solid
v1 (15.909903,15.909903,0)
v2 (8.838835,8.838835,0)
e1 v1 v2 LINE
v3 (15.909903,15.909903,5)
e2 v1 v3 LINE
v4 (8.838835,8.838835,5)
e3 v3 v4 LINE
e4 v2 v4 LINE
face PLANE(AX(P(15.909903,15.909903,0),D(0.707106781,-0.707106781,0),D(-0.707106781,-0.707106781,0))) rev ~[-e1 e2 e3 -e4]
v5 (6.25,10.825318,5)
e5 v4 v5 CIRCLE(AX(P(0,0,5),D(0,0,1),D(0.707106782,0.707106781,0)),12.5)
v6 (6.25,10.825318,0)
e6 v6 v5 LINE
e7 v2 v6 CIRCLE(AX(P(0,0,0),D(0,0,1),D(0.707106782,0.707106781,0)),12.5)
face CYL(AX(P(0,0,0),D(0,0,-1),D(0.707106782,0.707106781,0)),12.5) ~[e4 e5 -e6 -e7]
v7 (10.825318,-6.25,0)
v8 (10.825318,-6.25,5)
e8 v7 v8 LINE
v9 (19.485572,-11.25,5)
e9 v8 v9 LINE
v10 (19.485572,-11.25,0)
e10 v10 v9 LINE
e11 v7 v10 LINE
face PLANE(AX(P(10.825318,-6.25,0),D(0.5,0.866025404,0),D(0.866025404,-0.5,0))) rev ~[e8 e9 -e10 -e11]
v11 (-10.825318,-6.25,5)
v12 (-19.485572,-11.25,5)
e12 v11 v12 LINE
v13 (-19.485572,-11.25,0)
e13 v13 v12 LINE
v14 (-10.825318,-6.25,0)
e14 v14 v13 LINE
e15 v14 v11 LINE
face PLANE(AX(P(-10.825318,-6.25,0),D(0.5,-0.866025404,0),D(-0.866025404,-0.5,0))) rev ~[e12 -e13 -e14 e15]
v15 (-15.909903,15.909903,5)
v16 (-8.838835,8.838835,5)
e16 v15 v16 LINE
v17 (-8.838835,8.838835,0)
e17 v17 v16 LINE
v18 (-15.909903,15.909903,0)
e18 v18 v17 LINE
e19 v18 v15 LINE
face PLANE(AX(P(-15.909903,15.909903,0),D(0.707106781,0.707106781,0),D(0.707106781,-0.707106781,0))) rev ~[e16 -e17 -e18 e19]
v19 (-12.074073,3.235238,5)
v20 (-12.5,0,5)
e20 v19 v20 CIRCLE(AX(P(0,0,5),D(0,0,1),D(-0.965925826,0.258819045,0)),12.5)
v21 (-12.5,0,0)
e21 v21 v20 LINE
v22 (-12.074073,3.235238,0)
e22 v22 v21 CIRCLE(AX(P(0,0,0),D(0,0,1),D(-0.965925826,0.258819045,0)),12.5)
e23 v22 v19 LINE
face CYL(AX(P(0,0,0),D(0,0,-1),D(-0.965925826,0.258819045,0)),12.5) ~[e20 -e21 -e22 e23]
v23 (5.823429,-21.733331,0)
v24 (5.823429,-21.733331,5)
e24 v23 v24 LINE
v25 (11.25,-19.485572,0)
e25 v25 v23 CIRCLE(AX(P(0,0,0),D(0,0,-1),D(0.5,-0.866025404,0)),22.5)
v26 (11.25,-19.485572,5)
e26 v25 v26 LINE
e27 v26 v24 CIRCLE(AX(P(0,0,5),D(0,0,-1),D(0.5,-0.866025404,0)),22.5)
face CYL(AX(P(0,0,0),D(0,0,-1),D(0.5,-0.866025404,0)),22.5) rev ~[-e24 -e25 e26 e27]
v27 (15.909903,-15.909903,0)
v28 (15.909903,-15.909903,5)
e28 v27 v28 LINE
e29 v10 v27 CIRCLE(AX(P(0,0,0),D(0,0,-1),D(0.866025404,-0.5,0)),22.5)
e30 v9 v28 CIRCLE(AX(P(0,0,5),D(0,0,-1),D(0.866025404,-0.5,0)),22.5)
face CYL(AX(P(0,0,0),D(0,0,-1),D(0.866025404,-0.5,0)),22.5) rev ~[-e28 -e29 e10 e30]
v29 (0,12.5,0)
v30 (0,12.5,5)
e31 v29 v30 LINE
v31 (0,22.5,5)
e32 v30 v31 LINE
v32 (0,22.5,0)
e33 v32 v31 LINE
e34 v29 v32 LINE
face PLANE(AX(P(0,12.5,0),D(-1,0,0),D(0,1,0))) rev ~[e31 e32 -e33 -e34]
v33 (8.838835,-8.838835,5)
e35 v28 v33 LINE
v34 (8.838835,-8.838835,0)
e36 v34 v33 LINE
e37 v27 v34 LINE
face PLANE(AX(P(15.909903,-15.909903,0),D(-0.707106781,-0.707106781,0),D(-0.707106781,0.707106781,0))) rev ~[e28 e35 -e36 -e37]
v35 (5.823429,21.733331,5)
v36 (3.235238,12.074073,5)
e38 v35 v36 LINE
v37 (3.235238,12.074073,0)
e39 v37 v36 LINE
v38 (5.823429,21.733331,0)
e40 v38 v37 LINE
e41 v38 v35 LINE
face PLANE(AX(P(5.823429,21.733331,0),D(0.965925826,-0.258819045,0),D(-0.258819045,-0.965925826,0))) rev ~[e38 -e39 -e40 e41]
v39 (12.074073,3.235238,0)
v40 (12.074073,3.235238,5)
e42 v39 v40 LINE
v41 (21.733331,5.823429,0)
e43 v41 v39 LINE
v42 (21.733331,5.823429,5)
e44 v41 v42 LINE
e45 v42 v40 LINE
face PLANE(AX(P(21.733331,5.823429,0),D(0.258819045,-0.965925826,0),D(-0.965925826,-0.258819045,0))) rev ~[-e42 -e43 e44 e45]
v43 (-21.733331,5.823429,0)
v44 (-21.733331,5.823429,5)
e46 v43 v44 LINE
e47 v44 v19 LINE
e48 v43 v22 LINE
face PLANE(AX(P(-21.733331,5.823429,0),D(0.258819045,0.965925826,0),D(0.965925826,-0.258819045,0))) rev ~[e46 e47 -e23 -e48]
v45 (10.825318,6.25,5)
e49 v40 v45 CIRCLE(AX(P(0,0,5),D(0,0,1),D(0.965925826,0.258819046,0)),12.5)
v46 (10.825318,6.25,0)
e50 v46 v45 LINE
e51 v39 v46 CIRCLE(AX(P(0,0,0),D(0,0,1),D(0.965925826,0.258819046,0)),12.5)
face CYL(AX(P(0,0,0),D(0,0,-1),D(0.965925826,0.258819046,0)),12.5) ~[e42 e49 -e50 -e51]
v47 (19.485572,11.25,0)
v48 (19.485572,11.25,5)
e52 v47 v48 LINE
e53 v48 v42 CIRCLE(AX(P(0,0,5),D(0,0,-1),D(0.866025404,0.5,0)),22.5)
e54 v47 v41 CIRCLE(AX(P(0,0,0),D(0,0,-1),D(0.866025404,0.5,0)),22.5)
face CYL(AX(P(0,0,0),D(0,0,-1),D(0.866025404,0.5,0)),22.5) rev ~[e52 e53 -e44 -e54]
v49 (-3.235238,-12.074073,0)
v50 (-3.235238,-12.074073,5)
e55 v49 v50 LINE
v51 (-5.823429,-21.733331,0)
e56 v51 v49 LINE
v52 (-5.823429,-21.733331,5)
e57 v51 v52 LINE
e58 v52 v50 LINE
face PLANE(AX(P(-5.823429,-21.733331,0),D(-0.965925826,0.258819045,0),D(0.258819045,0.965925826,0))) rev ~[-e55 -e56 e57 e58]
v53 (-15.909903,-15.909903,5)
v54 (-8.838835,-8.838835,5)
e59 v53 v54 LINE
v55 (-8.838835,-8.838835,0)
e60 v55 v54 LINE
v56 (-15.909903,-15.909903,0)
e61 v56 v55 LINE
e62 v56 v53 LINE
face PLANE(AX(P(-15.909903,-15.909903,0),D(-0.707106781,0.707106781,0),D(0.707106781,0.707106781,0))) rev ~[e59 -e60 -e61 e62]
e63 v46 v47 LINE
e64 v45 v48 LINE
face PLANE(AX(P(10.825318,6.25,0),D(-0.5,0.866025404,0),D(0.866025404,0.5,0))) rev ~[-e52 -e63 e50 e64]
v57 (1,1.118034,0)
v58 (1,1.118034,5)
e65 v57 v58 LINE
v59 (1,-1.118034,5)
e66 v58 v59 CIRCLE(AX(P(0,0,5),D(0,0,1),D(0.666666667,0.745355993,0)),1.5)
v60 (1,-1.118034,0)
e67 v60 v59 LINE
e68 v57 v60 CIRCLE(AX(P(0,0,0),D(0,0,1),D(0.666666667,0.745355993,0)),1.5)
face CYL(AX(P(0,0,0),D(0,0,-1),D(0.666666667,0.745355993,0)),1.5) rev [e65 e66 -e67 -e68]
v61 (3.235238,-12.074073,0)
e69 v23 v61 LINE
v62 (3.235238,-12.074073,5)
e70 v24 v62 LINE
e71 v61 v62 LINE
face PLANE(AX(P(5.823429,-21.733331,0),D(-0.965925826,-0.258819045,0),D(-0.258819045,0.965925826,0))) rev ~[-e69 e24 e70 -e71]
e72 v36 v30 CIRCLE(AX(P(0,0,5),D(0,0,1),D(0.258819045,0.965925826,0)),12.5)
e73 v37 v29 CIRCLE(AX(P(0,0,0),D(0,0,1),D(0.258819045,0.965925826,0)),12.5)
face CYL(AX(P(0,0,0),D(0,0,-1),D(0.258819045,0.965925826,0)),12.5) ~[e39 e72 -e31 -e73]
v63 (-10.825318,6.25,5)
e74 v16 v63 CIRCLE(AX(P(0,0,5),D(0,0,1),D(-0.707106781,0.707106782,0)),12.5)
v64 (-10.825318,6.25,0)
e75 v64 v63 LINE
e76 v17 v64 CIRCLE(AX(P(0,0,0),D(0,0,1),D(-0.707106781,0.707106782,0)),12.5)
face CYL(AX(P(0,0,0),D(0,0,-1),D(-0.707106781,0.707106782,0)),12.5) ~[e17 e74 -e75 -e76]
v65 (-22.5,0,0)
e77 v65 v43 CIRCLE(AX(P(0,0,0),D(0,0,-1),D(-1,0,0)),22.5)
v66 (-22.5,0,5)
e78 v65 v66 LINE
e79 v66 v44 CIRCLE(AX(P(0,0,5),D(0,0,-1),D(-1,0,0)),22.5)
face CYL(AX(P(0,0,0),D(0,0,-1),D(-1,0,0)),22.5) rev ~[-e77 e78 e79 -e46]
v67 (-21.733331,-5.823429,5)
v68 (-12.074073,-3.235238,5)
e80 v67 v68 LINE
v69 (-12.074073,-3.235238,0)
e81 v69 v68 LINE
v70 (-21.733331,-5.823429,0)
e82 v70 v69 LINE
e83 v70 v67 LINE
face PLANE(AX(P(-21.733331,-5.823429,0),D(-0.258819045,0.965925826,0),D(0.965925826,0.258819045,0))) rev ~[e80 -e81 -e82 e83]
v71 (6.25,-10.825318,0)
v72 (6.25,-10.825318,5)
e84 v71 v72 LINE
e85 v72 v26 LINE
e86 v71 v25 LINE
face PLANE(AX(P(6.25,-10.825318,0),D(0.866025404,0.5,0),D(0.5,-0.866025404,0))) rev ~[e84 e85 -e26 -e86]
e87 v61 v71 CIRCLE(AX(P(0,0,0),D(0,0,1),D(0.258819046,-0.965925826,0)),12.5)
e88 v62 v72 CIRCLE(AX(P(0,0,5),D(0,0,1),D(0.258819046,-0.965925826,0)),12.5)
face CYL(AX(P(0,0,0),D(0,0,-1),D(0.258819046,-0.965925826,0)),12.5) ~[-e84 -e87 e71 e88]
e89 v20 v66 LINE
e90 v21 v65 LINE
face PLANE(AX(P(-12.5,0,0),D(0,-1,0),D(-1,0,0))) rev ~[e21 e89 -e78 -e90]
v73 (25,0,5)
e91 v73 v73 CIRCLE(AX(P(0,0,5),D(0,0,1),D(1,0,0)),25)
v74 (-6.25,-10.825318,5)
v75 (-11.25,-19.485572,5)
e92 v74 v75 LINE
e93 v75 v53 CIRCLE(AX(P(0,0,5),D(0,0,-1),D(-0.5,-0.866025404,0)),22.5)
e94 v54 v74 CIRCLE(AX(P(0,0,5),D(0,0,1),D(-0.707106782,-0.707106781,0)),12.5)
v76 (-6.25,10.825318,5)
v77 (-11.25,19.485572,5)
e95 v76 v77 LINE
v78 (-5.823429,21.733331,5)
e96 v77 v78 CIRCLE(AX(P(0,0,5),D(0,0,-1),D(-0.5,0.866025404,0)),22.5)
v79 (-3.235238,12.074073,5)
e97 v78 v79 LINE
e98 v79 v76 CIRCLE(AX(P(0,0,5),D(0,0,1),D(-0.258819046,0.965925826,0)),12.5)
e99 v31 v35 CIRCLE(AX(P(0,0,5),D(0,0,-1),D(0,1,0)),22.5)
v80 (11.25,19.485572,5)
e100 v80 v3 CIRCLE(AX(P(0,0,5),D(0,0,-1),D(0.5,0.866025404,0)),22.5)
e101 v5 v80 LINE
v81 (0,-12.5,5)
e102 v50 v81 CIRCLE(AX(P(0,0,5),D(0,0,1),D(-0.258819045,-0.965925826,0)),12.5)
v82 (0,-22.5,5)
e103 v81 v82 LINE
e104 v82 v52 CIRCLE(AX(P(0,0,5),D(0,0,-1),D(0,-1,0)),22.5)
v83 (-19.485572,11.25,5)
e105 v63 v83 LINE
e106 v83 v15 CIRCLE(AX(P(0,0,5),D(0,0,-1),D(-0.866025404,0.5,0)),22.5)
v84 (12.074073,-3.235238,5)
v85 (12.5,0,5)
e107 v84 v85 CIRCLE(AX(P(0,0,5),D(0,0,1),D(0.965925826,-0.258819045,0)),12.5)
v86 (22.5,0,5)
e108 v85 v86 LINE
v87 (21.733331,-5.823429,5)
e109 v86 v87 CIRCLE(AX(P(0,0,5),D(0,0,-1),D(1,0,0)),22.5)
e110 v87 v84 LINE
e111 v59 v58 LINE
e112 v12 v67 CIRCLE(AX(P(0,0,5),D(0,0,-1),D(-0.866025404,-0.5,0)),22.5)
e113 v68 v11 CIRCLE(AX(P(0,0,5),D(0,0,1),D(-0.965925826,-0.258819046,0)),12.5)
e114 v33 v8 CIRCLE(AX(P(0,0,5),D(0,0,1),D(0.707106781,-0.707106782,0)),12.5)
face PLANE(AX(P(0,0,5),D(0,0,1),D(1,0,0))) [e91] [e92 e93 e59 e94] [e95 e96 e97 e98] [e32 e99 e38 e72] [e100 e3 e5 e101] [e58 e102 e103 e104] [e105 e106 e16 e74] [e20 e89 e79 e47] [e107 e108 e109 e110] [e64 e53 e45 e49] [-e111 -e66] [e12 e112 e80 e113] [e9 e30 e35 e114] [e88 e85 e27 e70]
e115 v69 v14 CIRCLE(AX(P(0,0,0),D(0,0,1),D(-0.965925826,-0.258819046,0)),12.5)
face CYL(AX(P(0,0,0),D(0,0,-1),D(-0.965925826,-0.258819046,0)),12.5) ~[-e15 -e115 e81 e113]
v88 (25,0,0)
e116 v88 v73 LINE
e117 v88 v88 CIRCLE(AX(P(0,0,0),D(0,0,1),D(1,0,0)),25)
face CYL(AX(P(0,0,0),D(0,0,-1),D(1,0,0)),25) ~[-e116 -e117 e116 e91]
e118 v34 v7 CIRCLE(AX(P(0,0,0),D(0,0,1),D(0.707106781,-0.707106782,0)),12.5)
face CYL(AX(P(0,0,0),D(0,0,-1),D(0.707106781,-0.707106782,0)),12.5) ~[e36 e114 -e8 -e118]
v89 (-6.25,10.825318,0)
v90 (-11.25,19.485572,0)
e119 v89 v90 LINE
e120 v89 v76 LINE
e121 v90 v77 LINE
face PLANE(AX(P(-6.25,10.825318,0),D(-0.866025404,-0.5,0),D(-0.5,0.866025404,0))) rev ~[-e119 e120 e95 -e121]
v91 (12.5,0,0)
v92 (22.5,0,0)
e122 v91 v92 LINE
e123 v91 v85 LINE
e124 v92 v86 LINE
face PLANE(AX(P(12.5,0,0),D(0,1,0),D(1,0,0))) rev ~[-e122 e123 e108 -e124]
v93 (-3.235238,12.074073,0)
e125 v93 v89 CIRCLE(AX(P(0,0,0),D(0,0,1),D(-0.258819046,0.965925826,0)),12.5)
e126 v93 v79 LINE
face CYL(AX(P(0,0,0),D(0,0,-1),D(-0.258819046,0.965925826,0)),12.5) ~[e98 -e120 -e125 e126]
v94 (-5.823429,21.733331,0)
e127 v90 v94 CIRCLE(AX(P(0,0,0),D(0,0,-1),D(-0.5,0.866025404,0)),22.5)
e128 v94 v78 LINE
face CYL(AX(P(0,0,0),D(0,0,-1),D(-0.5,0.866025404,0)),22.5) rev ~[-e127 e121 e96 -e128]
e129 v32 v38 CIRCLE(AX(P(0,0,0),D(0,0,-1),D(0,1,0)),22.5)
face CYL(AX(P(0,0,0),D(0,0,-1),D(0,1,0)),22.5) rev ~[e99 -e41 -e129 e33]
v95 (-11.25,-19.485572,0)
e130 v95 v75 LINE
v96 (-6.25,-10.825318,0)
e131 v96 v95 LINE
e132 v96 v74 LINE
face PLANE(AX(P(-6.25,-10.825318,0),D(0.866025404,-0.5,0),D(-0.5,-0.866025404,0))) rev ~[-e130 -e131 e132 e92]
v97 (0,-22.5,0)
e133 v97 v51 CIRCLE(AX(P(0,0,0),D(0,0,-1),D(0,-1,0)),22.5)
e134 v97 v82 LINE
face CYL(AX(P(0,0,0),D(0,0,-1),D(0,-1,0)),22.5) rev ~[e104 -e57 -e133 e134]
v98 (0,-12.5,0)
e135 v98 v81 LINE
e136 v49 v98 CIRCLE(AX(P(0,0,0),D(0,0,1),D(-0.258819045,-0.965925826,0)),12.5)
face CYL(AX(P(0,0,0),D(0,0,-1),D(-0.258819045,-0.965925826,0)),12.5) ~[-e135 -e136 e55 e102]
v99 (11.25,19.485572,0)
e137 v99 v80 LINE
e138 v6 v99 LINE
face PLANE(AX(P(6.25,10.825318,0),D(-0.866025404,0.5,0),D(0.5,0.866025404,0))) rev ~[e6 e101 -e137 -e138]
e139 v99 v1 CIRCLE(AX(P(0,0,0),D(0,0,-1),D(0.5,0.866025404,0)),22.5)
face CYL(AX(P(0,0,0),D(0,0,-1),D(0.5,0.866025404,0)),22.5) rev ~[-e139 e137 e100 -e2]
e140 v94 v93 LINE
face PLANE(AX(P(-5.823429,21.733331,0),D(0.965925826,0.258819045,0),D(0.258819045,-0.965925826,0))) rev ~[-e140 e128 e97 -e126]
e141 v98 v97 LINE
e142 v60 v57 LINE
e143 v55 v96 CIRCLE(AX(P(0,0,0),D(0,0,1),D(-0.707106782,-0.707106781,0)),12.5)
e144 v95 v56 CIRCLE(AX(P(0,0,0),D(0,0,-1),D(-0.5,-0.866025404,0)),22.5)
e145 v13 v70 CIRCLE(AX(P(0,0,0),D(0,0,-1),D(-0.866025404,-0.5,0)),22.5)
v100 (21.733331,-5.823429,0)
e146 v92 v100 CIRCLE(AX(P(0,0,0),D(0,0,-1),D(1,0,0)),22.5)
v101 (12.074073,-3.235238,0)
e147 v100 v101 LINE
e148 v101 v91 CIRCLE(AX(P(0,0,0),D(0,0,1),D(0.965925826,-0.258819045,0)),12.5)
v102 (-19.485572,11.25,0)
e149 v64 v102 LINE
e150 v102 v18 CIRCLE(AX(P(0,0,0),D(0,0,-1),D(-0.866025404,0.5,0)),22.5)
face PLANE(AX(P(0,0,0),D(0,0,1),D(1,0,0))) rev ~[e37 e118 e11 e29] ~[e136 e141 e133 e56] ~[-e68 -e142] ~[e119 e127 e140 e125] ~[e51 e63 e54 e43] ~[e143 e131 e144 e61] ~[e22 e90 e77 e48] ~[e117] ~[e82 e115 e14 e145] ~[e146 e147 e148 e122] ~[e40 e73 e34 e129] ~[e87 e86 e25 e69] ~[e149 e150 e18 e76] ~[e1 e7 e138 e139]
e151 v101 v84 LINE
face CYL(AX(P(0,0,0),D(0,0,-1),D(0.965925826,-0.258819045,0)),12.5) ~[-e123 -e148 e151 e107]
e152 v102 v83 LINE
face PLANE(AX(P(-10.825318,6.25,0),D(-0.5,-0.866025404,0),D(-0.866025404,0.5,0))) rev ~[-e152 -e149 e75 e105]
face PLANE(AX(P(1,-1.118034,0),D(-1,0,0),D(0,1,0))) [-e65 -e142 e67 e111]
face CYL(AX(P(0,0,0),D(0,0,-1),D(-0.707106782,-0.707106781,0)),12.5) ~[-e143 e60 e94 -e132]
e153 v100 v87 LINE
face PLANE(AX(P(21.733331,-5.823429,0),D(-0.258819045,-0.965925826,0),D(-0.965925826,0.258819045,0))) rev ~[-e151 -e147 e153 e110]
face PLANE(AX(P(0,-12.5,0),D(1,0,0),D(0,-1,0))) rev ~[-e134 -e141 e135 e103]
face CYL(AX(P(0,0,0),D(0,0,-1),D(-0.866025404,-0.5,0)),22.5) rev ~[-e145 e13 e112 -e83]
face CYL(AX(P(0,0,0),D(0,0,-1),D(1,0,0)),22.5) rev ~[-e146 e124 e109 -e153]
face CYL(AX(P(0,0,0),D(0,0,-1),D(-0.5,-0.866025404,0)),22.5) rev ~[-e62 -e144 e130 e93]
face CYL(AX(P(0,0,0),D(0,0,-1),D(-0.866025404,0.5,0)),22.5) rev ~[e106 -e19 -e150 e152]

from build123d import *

# Parameters (mm, degrees)
SKETCH_2_R      = 25
EXTRUDE_1_DEPTH = 5


with BuildPart() as part:
    # 草圖2 → 填料-伸長1 (new body)
    with BuildSketch(Plane.XY):
        Circle(SKETCH_2_R)
        with BuildLine():
            Line((0, 12.5), (0, 22.5))
            ThreePointArc((0, 22.5), (2.936839325, 22.307509381), (5.823428515, 21.733331092))
            Line((5.823428515, 21.733331092), (3.235238064, 12.074072829))
            ThreePointArc((3.235238064, 12.074072829), (1.631577403, 12.393060767), (0, 12.5))
        make_face(mode=Mode.SUBTRACT)
        with BuildLine():
            Line((6.25, 10.825317547), (11.25, 19.485571585))
            ThreePointArc((11.25, 19.485571585), (13.697132153, 17.850450157), (15.909902577, 15.909902577))
            Line((15.909902577, 15.909902577), (8.838834765, 8.838834765))
            ThreePointArc((8.838834765, 8.838834765), (7.609517863, 9.916916754), (6.25, 10.825317547))
        make_face(mode=Mode.SUBTRACT)
        with BuildLine():
            Line((10.825317547, 6.25), (19.485571585, 11.25))
            ThreePointArc((19.485571585, 11.25), (20.787289482, 8.610377228), (21.733331092, 5.823428515))
            Line((21.733331092, 5.823428515), (12.074072829, 3.235238064))
            ThreePointArc((12.074072829, 3.235238064), (11.548494156, 4.783542905), (10.825317547, 6.25))
        make_face(mode=Mode.SUBTRACT)
        with BuildLine():
            Line((12.5, 0), (22.5, 0))
            ThreePointArc((22.5, 0), (22.307509381, -2.936839325), (21.733331092, -5.823428515))
            Line((21.733331092, -5.823428515), (12.074072829, -3.235238064))
            ThreePointArc((12.074072829, -3.235238064), (12.393060767, -1.631577403), (12.5, 0))
        make_face(mode=Mode.SUBTRACT)
        with BuildLine():
            Line((10.825317547, -6.25), (19.485571585, -11.25))
            ThreePointArc((19.485571585, -11.25), (17.850450157, -13.697132153), (15.909902577, -15.909902577))
            Line((15.909902577, -15.909902577), (8.838834765, -8.838834765))
            ThreePointArc((8.838834765, -8.838834765), (9.916916754, -7.609517863), (10.825317547, -6.25))
        make_face(mode=Mode.SUBTRACT)
        with BuildLine():
            Line((6.25, -10.825317547), (11.25, -19.485571585))
            ThreePointArc((11.25, -19.485571585), (8.610377228, -20.787289482), (5.823428515, -21.733331092))
            Line((5.823428515, -21.733331092), (3.235238064, -12.074072829))
            ThreePointArc((3.235238064, -12.074072829), (4.783542905, -11.548494156), (6.25, -10.825317547))
        make_face(mode=Mode.SUBTRACT)
        with BuildLine():
            Line((0, -12.5), (0, -22.5))
            ThreePointArc((0, -22.5), (-2.936839325, -22.307509381), (-5.823428515, -21.733331092))
            Line((-5.823428515, -21.733331092), (-3.235238064, -12.074072829))
            ThreePointArc((-3.235238064, -12.074072829), (-1.631577403, -12.393060767), (0, -12.5))
        make_face(mode=Mode.SUBTRACT)
        with BuildLine():
            Line((-6.25, -10.825317547), (-11.25, -19.485571585))
            ThreePointArc((-11.25, -19.485571585), (-13.697132153, -17.850450157), (-15.909902577, -15.909902577))
            Line((-15.909902577, -15.909902577), (-8.838834765, -8.838834765))
            ThreePointArc((-8.838834765, -8.838834765), (-7.609517863, -9.916916754), (-6.25, -10.825317547))
        make_face(mode=Mode.SUBTRACT)
        with BuildLine():
            Line((-10.825317547, -6.25), (-19.485571585, -11.25))
            ThreePointArc((-19.485571585, -11.25), (-20.787289482, -8.610377228), (-21.733331092, -5.823428515))
            Line((-21.733331092, -5.823428515), (-12.074072829, -3.235238064))
            ThreePointArc((-12.074072829, -3.235238064), (-11.548494156, -4.783542905), (-10.825317547, -6.25))
        make_face(mode=Mode.SUBTRACT)
        with BuildLine():
            Line((-12.5, 0), (-22.5, 0))
            ThreePointArc((-22.5, 0), (-22.307509381, 2.936839325), (-21.733331092, 5.823428515))
            Line((-21.733331092, 5.823428515), (-12.074072829, 3.235238064))
            ThreePointArc((-12.074072829, 3.235238064), (-12.393060767, 1.631577403), (-12.5, 0))
        make_face(mode=Mode.SUBTRACT)
        with BuildLine():
            Line((-10.825317547, 6.25), (-19.485571585, 11.25))
            ThreePointArc((-19.485571585, 11.25), (-17.850450157, 13.697132153), (-15.909902577, 15.909902577))
            Line((-15.909902577, 15.909902577), (-8.838834765, 8.838834765))
            ThreePointArc((-8.838834765, 8.838834765), (-9.916916754, 7.609517863), (-10.825317547, 6.25))
        make_face(mode=Mode.SUBTRACT)
        with BuildLine():
            Line((-6.25, 10.825317547), (-11.25, 19.485571585))
            ThreePointArc((-11.25, 19.485571585), (-8.610377228, 20.787289482), (-5.823428515, 21.733331092))
            Line((-5.823428515, 21.733331092), (-3.235238064, 12.074072829))
            ThreePointArc((-3.235238064, 12.074072829), (-4.783542905, 11.548494156), (-6.25, 10.825317547))
        make_face(mode=Mode.SUBTRACT)
        with BuildLine():
            Line((1, -1.118033989), (1, 1.118033989))
            ThreePointArc((1, 1.118033989), (-1.5, 0), (1, -1.118033989))
        make_face(mode=Mode.SUBTRACT)
    extrude(amount=EXTRUDE_1_DEPTH)


solid = part.part
